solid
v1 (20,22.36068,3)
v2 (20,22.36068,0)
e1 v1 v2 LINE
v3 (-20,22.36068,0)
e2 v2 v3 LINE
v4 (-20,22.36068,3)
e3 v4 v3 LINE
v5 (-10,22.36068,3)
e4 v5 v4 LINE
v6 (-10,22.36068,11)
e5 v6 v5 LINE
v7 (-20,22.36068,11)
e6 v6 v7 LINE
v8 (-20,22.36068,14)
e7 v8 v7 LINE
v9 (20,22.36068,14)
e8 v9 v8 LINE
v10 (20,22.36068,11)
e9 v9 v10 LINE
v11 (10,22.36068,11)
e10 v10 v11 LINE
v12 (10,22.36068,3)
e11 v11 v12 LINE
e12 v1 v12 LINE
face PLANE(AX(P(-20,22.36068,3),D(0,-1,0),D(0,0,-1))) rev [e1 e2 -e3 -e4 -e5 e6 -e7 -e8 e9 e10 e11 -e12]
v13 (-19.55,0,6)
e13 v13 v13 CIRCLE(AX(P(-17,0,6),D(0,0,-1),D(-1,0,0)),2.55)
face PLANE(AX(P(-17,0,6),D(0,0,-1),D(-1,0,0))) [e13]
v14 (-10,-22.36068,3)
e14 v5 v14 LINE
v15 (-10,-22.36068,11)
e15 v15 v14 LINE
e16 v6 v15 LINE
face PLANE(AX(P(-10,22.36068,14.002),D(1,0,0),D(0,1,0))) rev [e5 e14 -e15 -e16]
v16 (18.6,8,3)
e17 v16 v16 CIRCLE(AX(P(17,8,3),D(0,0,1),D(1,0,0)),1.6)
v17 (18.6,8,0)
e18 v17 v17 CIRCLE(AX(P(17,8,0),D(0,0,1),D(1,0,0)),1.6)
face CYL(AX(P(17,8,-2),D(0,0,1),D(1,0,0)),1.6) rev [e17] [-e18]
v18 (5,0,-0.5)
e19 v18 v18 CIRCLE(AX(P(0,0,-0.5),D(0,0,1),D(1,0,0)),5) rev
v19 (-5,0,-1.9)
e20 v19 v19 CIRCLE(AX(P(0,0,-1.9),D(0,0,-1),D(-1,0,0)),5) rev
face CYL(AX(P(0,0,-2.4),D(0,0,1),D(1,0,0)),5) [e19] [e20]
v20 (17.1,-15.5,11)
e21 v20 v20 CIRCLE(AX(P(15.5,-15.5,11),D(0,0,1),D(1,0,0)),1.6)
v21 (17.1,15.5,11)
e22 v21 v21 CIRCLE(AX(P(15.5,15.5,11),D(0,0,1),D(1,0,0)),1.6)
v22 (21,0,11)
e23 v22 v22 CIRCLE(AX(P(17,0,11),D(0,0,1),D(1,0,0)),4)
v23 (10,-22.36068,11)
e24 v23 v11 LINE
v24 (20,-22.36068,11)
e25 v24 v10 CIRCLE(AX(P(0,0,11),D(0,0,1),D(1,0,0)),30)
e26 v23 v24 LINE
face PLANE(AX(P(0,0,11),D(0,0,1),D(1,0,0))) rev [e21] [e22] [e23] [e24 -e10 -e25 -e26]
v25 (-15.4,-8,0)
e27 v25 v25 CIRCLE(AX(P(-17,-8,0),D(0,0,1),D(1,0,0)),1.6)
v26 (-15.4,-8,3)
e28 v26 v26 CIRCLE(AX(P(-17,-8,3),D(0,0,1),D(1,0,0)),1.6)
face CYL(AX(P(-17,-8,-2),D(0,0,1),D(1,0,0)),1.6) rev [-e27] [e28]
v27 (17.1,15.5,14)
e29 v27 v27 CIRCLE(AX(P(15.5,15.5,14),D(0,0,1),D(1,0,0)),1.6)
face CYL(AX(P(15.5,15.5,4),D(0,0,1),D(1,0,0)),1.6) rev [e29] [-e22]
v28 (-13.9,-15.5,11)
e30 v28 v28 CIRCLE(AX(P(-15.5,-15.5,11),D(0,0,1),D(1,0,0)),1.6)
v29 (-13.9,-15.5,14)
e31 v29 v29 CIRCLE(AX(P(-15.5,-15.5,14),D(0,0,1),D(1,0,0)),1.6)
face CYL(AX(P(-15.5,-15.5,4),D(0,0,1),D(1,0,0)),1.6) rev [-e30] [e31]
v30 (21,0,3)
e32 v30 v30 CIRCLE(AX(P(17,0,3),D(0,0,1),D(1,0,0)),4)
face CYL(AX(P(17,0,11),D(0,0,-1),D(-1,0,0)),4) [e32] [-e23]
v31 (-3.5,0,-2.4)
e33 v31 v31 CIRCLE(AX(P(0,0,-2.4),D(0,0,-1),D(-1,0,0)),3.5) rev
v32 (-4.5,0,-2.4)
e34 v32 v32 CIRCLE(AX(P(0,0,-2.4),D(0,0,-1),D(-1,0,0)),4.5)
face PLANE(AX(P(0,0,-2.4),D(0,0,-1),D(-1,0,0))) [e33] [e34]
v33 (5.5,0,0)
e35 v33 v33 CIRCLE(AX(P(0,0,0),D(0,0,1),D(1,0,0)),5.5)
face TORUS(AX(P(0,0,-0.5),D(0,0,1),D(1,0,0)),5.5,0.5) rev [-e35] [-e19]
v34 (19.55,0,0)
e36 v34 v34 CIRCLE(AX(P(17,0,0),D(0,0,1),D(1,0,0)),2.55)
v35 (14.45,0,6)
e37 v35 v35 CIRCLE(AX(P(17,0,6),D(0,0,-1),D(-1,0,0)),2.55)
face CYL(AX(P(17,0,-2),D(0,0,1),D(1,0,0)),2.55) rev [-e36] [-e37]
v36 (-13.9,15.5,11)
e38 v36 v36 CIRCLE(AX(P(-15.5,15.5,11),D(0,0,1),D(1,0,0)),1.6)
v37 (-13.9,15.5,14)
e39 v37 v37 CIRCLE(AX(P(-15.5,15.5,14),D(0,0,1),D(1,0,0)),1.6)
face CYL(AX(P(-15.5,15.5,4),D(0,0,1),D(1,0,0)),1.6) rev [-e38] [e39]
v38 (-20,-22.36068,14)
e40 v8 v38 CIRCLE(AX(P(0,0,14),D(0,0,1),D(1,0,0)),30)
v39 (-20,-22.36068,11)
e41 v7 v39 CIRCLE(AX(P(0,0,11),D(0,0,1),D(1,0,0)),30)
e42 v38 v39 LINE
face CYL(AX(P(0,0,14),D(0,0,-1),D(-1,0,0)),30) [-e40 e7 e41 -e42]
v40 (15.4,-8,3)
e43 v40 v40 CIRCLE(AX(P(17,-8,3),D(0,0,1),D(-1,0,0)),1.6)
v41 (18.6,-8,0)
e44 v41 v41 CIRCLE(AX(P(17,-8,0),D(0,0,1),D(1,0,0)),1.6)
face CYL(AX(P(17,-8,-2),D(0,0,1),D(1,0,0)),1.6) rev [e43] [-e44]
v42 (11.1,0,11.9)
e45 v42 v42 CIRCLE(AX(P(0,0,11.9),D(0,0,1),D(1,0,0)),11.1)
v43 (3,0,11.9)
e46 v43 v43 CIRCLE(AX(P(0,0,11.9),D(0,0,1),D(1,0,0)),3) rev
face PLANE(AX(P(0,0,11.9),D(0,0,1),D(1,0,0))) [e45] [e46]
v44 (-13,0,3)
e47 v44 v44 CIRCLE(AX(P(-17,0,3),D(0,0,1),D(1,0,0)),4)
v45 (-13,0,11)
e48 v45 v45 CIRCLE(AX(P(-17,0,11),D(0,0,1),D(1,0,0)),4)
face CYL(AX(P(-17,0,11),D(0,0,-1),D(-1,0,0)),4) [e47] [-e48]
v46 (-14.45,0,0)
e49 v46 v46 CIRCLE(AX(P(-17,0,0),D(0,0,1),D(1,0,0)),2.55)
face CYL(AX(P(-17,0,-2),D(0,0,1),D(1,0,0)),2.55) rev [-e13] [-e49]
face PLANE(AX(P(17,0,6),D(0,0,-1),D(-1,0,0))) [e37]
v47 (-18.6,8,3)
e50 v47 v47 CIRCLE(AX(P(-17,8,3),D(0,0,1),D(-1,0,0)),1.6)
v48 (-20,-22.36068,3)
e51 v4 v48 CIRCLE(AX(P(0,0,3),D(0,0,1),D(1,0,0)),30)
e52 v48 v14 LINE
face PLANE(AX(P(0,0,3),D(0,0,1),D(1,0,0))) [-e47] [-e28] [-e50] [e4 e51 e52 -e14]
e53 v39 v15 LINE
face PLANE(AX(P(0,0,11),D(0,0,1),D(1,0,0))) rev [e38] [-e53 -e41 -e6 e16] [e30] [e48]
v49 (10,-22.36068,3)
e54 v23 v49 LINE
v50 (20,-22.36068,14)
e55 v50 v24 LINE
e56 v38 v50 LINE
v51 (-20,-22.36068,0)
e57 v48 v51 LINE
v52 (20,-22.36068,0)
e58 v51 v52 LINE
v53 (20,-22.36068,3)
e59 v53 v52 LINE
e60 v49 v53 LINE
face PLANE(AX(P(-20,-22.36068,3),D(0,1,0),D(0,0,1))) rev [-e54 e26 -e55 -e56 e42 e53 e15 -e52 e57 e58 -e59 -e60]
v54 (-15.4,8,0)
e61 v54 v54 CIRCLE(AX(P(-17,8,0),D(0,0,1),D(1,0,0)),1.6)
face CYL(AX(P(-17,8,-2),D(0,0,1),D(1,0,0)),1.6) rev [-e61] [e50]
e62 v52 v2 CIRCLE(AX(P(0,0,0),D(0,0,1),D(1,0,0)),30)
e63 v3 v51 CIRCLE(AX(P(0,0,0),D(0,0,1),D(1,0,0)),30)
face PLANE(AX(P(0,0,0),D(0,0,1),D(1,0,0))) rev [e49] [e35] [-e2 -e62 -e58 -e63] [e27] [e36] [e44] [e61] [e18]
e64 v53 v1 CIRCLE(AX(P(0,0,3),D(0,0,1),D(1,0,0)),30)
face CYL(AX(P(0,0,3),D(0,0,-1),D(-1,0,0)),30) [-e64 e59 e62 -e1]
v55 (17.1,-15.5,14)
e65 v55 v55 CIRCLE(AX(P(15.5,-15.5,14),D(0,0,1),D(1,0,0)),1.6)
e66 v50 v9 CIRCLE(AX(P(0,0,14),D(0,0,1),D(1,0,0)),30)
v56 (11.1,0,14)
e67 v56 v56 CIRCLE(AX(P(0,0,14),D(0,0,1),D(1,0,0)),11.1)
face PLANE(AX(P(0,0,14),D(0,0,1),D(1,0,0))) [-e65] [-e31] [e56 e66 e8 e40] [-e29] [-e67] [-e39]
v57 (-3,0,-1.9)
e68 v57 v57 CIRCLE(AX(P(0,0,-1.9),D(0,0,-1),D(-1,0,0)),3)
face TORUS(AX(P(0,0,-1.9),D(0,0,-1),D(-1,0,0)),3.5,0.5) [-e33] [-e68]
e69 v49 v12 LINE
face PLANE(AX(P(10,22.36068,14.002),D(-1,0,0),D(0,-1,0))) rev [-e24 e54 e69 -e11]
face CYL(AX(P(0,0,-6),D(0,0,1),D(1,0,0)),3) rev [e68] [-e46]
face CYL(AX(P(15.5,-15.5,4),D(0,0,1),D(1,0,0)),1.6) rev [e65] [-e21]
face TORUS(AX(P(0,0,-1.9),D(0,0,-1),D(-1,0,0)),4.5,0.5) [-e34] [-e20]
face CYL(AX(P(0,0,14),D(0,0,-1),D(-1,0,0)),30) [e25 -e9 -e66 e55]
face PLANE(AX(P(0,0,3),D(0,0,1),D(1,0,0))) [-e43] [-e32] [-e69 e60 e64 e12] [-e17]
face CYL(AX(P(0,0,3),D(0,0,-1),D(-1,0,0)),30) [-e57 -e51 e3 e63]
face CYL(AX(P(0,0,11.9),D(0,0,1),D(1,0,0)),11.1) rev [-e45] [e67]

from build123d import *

# Parameters (mm, degrees)
EXTRUDE_1_DEPTH     = 3
SKETCH_2_R          = 1.6
SKETCH_2_R_2        = 2.55
CUT_EXTRUDE_1_DEPTH = 5
EXTRUDE_START       = 8
SKETCH_3_R          = 4
SKETCH_3_R_2        = 2.55
EXTRUDE_2_DEPTH     = 8
EXTRUDE_4_DEPTH     = 3
EXTRUDE_5_REACH     = 41
SKETCH_6_W          = 20
SKETCH_6_H          = 44.72135955
SKETCH_8_R          = 1.6
CUT_EXTRUDE_6_DEPTH = 10
SKETCH_9_R          = 3
CUT_EXTRUDE_7_DEPTH = 20
SKETCH_10_R         = 11.1
CUT_EXTRUDE_8_DEPTH = 2.1
SKETCH_11_R         = 5
SKETCH_11_R_2       = 3
EXTRUDE_6_DEPTH     = 2.4
FILLET_1_R          = 0.5
SKETCH_12_R         = 2.55
EXTRUDE_7_DEPTH     = 5


with BuildPart() as part:
    # 草图1 → 凸台-拉伸1 (new body)
    with BuildSketch(Plane.XY):
        with BuildLine():
            Line((-20, 22.360679775), (20, 22.360679775))
            ThreePointArc((20, 22.360679775), (30, 0), (20, -22.360679775))
            Line((20, -22.360679775), (-20, -22.360679775))
            ThreePointArc((-20, -22.360679775), (-30, 0), (-20, 22.360679775))
        make_face()
    extrude(amount=EXTRUDE_1_DEPTH)

    # 草图2 → 切除-拉伸1 (cut)
    with BuildSketch(Plane.XY.offset(3)):
        with Locations((17, 8)):
            Circle(SKETCH_2_R)
        with Locations((-17, 0)):
            Circle(SKETCH_2_R_2)
        with Locations((17, 0)):
            Circle(SKETCH_2_R_2)
        with Locations((17, -8)):
            Circle(SKETCH_2_R)
        with Locations((-17, -8)):
            Circle(SKETCH_2_R)
        with Locations((-17, 8)):
            Circle(SKETCH_2_R)
    extrude(amount=-CUT_EXTRUDE_1_DEPTH, mode=Mode.SUBTRACT)

    # 草图3 → 凸台-拉伸2 (add)
    # profile 1 of 2: a face of its own
    with BuildSketch(Plane.XY.offset(3).offset(EXTRUDE_START)):
        with Locations((17, 0)):
            Circle(SKETCH_3_R)
        with Locations((17, 0)):
            Circle(SKETCH_3_R_2, mode=Mode.SUBTRACT)
    # profile 2 of 2: a face of its own
    with BuildSketch(Plane.XY.offset(3).offset(EXTRUDE_START)):
        with Locations((-17, 0)):
            Circle(SKETCH_3_R)
        with Locations((-17, 0)):
            Circle(SKETCH_3_R_2, mode=Mode.SUBTRACT)
    extrude(amount=-EXTRUDE_2_DEPTH)

    # 草图5 → 凸台-拉伸4 (add)
    with BuildSketch(Plane.XY.offset(11)):
        with BuildLine():
            Line((-20, -22.360679775), (20, -22.360679775))
            ThreePointArc((20, -22.360679775), (30, 0), (20, 22.360679775))
            Line((20, 22.360679775), (-20, 22.360679775))
            ThreePointArc((-20, 22.360679775), (-30, 0), (-20, -22.360679775))
        make_face()
    extrude(amount=EXTRUDE_4_DEPTH)

    # 草图6 → 凸台-拉伸5 (add, up to next)
    with BuildSketch(Plane.XY.offset(3), mode=Mode.PRIVATE) as extrude_5_sk1:
        Rectangle(SKETCH_6_W, SKETCH_6_H)
    extrude_5_tool1 = extrude(extrude_5_sk1.sketch, amount=EXTRUDE_5_REACH, mode=Mode.PRIVATE) - part.part
    add(extrude_5_tool1.solids().sort_by_distance((0, 0, 3))[0])

    # 草图8 → 切除-拉伸6 (cut)
    with BuildSketch(Plane.XY.offset(14)):
        with Locations((15.5, 15.5)):
            Circle(SKETCH_8_R)
        with Locations((15.5, -15.5)):
            Circle(SKETCH_8_R)
        with Locations((-15.5, -15.5)):
            Circle(SKETCH_8_R)
        with Locations((-15.5, 15.5)):
            Circle(SKETCH_8_R)
    extrude(amount=-CUT_EXTRUDE_6_DEPTH, mode=Mode.SUBTRACT)

    # 草图9 → 切除-拉伸7 (cut)
    with BuildSketch(Plane.XY.offset(14)):
        Circle(SKETCH_9_R)
    extrude(amount=-CUT_EXTRUDE_7_DEPTH, mode=Mode.SUBTRACT)

    # 草图10 → 切除-拉伸8 (cut)
    with BuildSketch(Plane.XY.offset(14)):
        Circle(SKETCH_10_R)
    extrude(amount=-CUT_EXTRUDE_8_DEPTH, mode=Mode.SUBTRACT)

    # 草图11 → 凸台-拉伸6 (add)
    with BuildSketch(Plane(origin=(0, 0, 0), x_dir=(-1, 0, 0), z_dir=(0, 0, -1))):
        with Locations(Location((0, 0, 0), (0, 0, 180))):
            Circle(SKETCH_11_R)
        with Locations(Location((0, 0, 0), (0, 0, 180))):
            Circle(SKETCH_11_R_2, mode=Mode.SUBTRACT)
    extrude(amount=EXTRUDE_6_DEPTH)

    # 圆角1
    fillet_1_edges = [part.edges().sort_by_distance(p)[0] for p in [
        (-5, 0, 0),
        (-3, 0, -2.4),
        (-5, 0, -2.4),
    ]]
    fillet(fillet_1_edges, radius=FILLET_1_R)

    # 草图12 → 凸台-拉伸7 (add)
    with BuildSketch(Plane(origin=(0, 0, 11), x_dir=(-1, 0, 0), z_dir=(0, 0, -1))):
        with Locations(Location((-17, 0, 0), (0, 0, 180))):
            Circle(SKETCH_12_R)
        with Locations(Location((17, 0, 0), (0, 0, 180))):
            Circle(SKETCH_12_R)
    extrude(amount=EXTRUDE_7_DEPTH)


solid = part.part
